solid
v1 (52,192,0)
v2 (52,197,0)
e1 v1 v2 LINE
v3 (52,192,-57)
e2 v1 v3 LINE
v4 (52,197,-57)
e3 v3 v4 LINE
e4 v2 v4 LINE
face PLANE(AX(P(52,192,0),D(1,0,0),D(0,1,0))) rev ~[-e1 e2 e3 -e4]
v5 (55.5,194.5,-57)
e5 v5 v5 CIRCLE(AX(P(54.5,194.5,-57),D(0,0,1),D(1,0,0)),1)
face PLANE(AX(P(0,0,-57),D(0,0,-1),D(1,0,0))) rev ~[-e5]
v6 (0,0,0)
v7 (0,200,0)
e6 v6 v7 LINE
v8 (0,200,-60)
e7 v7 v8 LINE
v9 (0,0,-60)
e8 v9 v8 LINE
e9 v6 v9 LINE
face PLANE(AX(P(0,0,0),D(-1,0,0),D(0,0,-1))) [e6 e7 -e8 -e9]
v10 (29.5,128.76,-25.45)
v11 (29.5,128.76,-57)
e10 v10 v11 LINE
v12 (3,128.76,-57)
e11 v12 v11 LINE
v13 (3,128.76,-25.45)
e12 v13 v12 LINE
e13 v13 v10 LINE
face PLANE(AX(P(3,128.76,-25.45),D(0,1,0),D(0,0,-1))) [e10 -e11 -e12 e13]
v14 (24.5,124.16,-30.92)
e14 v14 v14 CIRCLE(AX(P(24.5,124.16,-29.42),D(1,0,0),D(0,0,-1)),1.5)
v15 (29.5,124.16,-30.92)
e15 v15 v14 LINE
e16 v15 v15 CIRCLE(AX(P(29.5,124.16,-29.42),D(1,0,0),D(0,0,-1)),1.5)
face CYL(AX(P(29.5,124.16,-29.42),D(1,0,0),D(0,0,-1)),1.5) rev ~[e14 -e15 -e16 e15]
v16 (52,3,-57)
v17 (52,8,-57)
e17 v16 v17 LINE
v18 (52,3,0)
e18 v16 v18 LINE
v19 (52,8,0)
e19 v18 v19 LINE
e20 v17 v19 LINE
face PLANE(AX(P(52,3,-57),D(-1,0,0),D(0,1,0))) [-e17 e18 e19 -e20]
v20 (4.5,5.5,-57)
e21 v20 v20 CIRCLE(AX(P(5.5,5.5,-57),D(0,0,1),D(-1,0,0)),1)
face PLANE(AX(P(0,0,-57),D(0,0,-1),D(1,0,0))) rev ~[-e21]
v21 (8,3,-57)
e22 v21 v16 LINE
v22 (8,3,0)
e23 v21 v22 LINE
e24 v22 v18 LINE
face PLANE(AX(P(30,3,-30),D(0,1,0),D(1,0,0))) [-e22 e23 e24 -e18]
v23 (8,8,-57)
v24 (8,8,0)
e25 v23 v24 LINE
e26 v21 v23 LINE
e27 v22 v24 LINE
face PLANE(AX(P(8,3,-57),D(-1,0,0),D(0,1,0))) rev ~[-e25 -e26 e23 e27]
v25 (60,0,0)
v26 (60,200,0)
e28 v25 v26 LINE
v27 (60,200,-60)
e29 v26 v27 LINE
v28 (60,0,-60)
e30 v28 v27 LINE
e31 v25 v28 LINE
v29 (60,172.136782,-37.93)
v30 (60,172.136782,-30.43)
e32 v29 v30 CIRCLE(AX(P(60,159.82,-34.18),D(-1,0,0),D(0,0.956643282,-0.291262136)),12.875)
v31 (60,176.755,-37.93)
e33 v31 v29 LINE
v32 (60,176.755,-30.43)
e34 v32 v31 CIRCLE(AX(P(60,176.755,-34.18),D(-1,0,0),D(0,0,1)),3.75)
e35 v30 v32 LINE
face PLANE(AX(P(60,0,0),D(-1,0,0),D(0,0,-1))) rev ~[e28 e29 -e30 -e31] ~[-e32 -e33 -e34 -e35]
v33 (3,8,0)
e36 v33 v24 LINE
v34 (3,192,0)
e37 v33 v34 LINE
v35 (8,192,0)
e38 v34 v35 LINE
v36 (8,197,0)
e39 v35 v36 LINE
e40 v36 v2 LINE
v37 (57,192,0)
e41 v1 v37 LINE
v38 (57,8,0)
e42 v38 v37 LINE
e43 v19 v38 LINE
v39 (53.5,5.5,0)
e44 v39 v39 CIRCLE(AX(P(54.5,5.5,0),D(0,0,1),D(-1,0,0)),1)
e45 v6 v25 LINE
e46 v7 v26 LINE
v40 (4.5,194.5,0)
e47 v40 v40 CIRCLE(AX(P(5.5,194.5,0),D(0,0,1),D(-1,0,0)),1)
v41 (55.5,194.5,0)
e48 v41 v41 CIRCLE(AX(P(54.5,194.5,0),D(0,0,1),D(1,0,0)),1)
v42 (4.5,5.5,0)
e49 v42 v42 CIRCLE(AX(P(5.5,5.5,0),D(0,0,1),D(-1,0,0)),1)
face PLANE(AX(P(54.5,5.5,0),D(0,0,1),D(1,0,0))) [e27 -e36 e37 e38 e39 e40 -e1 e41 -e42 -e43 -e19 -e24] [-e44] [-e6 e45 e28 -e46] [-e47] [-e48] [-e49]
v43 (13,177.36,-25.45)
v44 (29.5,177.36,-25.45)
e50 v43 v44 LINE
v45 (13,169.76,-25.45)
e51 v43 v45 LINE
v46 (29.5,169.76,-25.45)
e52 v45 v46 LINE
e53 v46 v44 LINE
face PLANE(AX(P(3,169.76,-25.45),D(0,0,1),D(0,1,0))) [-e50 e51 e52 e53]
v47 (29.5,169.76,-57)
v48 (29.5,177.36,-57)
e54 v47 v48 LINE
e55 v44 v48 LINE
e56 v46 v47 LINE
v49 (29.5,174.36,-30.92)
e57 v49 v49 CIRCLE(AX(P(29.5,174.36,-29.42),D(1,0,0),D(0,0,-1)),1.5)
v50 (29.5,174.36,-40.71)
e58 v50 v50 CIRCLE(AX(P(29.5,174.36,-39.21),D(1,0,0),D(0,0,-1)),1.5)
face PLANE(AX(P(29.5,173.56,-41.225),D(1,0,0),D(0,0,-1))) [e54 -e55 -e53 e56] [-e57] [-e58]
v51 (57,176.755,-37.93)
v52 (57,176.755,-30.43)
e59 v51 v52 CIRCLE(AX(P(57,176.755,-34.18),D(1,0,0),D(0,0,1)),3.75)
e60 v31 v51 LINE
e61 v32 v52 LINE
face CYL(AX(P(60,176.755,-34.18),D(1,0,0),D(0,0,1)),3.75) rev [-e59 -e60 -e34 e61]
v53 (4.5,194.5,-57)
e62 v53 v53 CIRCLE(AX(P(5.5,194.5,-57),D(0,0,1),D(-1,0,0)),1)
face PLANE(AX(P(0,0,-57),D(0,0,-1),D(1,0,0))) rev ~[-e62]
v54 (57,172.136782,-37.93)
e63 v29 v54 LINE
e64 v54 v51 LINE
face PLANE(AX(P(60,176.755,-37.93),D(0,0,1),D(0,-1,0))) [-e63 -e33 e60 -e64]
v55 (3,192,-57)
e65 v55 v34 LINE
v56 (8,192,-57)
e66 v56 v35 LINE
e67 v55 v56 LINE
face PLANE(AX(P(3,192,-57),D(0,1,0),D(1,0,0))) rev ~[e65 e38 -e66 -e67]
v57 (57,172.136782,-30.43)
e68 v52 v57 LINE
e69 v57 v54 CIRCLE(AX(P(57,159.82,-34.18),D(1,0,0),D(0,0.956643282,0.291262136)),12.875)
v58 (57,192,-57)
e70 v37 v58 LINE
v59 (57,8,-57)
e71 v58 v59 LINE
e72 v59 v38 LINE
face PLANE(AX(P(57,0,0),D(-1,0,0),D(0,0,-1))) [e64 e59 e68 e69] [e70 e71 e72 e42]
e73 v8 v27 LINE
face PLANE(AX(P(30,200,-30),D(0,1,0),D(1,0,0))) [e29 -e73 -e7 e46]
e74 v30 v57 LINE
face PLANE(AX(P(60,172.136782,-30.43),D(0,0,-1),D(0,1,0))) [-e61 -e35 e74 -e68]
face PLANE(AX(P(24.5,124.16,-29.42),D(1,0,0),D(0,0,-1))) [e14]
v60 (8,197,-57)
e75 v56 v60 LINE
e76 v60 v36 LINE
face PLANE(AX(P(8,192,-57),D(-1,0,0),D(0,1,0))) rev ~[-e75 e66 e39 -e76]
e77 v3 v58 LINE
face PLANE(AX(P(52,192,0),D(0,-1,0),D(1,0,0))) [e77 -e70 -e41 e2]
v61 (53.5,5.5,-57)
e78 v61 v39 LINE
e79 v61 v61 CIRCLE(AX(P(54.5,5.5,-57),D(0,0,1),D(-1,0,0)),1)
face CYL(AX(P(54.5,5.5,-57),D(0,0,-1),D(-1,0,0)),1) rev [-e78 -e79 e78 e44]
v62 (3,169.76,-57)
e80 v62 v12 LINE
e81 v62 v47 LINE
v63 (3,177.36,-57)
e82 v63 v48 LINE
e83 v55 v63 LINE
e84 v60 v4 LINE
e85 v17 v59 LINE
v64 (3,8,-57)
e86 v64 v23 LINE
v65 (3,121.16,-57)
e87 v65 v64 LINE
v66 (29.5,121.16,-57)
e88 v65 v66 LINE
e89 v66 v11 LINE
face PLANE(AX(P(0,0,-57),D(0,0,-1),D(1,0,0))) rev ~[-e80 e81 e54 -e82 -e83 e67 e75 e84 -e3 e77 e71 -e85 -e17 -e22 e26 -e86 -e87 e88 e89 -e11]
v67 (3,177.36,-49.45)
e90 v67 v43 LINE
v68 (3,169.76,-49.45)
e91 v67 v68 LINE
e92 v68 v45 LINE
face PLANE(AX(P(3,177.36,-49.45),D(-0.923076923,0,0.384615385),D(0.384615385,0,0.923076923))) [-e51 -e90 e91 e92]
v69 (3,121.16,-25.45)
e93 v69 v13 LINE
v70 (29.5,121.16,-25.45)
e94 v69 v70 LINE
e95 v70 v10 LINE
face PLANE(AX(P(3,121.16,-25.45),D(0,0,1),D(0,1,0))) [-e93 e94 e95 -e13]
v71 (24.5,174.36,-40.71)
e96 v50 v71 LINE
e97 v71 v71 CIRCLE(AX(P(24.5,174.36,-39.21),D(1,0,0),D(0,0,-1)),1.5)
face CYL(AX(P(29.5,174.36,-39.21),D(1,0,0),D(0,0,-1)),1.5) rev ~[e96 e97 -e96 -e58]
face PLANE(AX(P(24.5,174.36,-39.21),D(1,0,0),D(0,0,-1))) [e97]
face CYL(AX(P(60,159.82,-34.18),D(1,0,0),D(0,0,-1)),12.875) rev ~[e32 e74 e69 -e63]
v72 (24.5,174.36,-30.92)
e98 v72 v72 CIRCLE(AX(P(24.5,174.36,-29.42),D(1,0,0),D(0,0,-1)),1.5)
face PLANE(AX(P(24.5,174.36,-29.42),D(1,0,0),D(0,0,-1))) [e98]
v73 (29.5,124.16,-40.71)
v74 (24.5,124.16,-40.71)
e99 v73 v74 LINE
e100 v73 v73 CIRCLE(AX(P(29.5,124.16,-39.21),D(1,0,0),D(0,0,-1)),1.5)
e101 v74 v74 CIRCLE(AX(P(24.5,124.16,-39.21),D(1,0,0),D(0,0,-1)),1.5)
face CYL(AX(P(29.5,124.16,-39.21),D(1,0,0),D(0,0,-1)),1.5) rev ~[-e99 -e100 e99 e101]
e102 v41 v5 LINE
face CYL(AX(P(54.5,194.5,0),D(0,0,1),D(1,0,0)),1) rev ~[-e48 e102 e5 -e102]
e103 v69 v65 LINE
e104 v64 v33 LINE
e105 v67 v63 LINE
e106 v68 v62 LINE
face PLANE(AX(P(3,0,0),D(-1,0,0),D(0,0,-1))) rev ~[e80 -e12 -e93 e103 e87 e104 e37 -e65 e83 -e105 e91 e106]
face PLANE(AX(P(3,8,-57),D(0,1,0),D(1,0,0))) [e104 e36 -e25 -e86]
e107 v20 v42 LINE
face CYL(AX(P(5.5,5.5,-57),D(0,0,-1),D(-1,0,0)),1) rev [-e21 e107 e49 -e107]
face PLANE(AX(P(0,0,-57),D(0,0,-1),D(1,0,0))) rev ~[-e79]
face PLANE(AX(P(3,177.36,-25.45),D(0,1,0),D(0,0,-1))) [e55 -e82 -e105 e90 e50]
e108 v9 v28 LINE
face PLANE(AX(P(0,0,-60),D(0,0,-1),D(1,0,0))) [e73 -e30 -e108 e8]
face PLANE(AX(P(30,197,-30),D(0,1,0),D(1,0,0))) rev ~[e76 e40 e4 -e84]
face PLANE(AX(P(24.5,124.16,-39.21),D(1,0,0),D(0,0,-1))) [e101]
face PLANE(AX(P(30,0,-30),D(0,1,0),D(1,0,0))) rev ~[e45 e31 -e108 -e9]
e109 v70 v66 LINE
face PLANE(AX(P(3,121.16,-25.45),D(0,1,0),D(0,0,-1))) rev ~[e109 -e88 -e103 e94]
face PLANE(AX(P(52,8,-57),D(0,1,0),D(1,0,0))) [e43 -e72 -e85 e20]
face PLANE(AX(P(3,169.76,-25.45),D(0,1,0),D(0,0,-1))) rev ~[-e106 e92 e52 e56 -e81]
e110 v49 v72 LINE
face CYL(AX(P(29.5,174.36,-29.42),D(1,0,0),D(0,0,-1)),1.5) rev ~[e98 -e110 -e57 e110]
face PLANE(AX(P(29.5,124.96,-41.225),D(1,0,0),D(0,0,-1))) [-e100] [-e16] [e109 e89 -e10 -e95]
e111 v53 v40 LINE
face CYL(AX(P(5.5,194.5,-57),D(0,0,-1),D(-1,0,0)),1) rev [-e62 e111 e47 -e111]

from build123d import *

# Parameters (mm, degrees)
SZKIC1_W                    = 60
SZKIC1_H                    = 60
DODANIE_WYCI_GNI_CIE1_DEPTH = 200
SKORUPA1_T                  = -3
SZKIC2_W                    = 5
SZKIC2_H                    = 5
SZKIC2_R                    = 1
DODANIE_WYCI_GNI_CIE2_DEPTH = 57
SZKIC4_W                    = 5
SZKIC4_H                    = 5
SZKIC4_R                    = 1
DODANIE_WYCI_GNI_CIE3_DEPTH = 57
SZKIC5_W                    = 5
SZKIC5_H                    = 5
SZKIC5_R                    = 1
DODANIE_WYCI_GNI_CIE4_DEPTH = 57
SZKIC6_W                    = 5
SZKIC6_H                    = 5
SZKIC6_R                    = 1
DODANIE_WYCI_GNI_CIE6_DEPTH = 57
SZKIC9_R                    = 12.875
WYTNIJ_WYCI_GNI_CIE1_DEPTH  = 3
SZKIC10_W                   = 31.55
SZKIC10_H                   = 7.6
DODANIE_WYCI_GNI_CIE7_DEPTH = 26.5
SZKIC13_R                   = 1.5
WYTNIJ_WYCI_GNI_CIE4_DEPTH  = 5
WYTNIJ_WYCI_GNI_CIE7_DEPTH  = 10
SZKIC14_R                   = 1.5
WYTNIJ_WYCI_GNI_CIE8_DEPTH  = 5
WYTNIJ_WYCI_GNI_CIE10_DEPTH = 10


with BuildPart() as part:
    # Szkic1 → Dodanie-wyciągnięcie1 (new body)
    with BuildSketch(Plane(origin=(0, 0, 0), x_dir=(1, 0, 0), z_dir=(0, 1, 0))):
        with Locations((30, 30)):
            Rectangle(SZKIC1_W, SZKIC1_H)
    extrude(amount=DODANIE_WYCI_GNI_CIE1_DEPTH)

    # Skorupa1
    skorupa1_openings = [part.faces().sort_by_distance(p)[0] for p in [
        (30, 100, 0),
    ]]
    offset(amount=SKORUPA1_T, openings=skorupa1_openings, kind=Kind.INTERSECTION)

    # Szkic2 → Dodanie-wyciągnięcie2 (add)
    with BuildSketch(Plane.XY.offset(-57)):
        with Locations((5.5, 194.5)):
            Rectangle(SZKIC2_W, SZKIC2_H)
        with Locations(Location((5.5, 194.5, 0), (0, 0, 180))):
            Circle(SZKIC2_R, mode=Mode.SUBTRACT)
    extrude(amount=DODANIE_WYCI_GNI_CIE2_DEPTH)

    # Szkic4 → Dodanie-wyciągnięcie3 (add)
    with BuildSketch(Plane.XY):
        with Locations((54.5, 194.5)):
            Rectangle(SZKIC4_W, SZKIC4_H)
        with Locations((54.5, 194.5)):
            Circle(SZKIC4_R, mode=Mode.SUBTRACT)
    extrude(amount=-DODANIE_WYCI_GNI_CIE3_DEPTH)

    # Szkic5 → Dodanie-wyciągnięcie4 (add)
    with BuildSketch(Plane.XY.offset(-57)):
        with Locations((5.5, 5.5)):
            Rectangle(SZKIC5_W, SZKIC5_H)
        with Locations(Location((5.5, 5.5, 0), (0, 0, 180))):
            Circle(SZKIC5_R, mode=Mode.SUBTRACT)
    extrude(amount=DODANIE_WYCI_GNI_CIE4_DEPTH)

    # Szkic6 → Dodanie-wyciągnięcie6 (add)
    with BuildSketch(Plane.XY.offset(-57)):
        with Locations((54.5, 5.5)):
            Rectangle(SZKIC6_W, SZKIC6_H)
        with Locations(Location((54.5, 5.5, 0), (0, 0, 180))):
            Circle(SZKIC6_R, mode=Mode.SUBTRACT)
    extrude(amount=DODANIE_WYCI_GNI_CIE6_DEPTH)

    # Szkic9 → Wytnij-wyciągnięcie1 (cut)
    with BuildSketch(Plane(origin=(60, 0, 0), x_dir=(0, 0, -1), z_dir=(1, 0, 0))):
        with Locations((34.18, 159.82)):
            Circle(SZKIC9_R)
    extrude(amount=-WYTNIJ_WYCI_GNI_CIE1_DEPTH, mode=Mode.SUBTRACT)

    # Szkic10 → Dodanie-wyciągnięcie7 (add)
    with BuildSketch(Plane(origin=(3, 0, 0), x_dir=(0, 0, -1), z_dir=(1, 0, 0))):
        with Locations((41.225, 173.56)):
            Rectangle(SZKIC10_W, SZKIC10_H)
        with Locations((41.225, 124.96)):
            Rectangle(SZKIC10_W, SZKIC10_H)
    extrude(amount=DODANIE_WYCI_GNI_CIE7_DEPTH)

    # Szkic13 → Wytnij-wyciągnięcie4 (cut)
    with BuildSketch(Plane(origin=(29.5, 0, 0), x_dir=(0, 0, -1), z_dir=(1, 0, 0))):
        with Locations((39.21, 174.36)):
            Circle(SZKIC13_R)
        with Locations((29.42, 174.36)):
            Circle(SZKIC13_R)
    extrude(amount=-WYTNIJ_WYCI_GNI_CIE4_DEPTH, mode=Mode.SUBTRACT)

    # Szkic15 → Wytnij-wyciągnięcie7 (cut)
    with BuildSketch(Plane(origin=(0, 177.36, 0), x_dir=(1, 0, 0), z_dir=(0, 1, 0))):
        Polygon((13, 25.45), (3, 25.45), (3, 49.45), align=None)
    extrude(amount=-WYTNIJ_WYCI_GNI_CIE7_DEPTH, mode=Mode.SUBTRACT)

    # Szkic14 → Wytnij-wyciągnięcie8 (cut)
    with BuildSketch(Plane(origin=(29.5, 0, 0), x_dir=(0, 0, -1), z_dir=(1, 0, 0))):
        with Locations((39.21, 124.16)):
            Circle(SZKIC14_R)
        with Locations((29.42, 124.16)):
            Circle(SZKIC14_R)
    extrude(amount=-WYTNIJ_WYCI_GNI_CIE8_DEPTH, mode=Mode.SUBTRACT)

    # Szkic17 → Wytnij-wyciągnięcie10 (cut)
    with BuildSketch(Plane(origin=(60, 0, 0), x_dir=(0, 0, -1), z_dir=(1, 0, 0))):
        with BuildLine():
            Line((30.43, 172.445), (30.43, 176.755))
            ThreePointArc((30.43, 176.755), (34.18, 180.505), (37.93, 176.755))
            Line((37.93, 176.755), (37.93, 172.445))
            Line((37.93, 172.445), (37.93, 172.13678225))
            Line((37.93, 172.13678225), (30.43, 172.13678225))
            Line((30.43, 172.13678225), (30.43, 172.445))
        make_face()
    extrude(amount=-WYTNIJ_WYCI_GNI_CIE10_DEPTH, mode=Mode.SUBTRACT)


solid = part.part
